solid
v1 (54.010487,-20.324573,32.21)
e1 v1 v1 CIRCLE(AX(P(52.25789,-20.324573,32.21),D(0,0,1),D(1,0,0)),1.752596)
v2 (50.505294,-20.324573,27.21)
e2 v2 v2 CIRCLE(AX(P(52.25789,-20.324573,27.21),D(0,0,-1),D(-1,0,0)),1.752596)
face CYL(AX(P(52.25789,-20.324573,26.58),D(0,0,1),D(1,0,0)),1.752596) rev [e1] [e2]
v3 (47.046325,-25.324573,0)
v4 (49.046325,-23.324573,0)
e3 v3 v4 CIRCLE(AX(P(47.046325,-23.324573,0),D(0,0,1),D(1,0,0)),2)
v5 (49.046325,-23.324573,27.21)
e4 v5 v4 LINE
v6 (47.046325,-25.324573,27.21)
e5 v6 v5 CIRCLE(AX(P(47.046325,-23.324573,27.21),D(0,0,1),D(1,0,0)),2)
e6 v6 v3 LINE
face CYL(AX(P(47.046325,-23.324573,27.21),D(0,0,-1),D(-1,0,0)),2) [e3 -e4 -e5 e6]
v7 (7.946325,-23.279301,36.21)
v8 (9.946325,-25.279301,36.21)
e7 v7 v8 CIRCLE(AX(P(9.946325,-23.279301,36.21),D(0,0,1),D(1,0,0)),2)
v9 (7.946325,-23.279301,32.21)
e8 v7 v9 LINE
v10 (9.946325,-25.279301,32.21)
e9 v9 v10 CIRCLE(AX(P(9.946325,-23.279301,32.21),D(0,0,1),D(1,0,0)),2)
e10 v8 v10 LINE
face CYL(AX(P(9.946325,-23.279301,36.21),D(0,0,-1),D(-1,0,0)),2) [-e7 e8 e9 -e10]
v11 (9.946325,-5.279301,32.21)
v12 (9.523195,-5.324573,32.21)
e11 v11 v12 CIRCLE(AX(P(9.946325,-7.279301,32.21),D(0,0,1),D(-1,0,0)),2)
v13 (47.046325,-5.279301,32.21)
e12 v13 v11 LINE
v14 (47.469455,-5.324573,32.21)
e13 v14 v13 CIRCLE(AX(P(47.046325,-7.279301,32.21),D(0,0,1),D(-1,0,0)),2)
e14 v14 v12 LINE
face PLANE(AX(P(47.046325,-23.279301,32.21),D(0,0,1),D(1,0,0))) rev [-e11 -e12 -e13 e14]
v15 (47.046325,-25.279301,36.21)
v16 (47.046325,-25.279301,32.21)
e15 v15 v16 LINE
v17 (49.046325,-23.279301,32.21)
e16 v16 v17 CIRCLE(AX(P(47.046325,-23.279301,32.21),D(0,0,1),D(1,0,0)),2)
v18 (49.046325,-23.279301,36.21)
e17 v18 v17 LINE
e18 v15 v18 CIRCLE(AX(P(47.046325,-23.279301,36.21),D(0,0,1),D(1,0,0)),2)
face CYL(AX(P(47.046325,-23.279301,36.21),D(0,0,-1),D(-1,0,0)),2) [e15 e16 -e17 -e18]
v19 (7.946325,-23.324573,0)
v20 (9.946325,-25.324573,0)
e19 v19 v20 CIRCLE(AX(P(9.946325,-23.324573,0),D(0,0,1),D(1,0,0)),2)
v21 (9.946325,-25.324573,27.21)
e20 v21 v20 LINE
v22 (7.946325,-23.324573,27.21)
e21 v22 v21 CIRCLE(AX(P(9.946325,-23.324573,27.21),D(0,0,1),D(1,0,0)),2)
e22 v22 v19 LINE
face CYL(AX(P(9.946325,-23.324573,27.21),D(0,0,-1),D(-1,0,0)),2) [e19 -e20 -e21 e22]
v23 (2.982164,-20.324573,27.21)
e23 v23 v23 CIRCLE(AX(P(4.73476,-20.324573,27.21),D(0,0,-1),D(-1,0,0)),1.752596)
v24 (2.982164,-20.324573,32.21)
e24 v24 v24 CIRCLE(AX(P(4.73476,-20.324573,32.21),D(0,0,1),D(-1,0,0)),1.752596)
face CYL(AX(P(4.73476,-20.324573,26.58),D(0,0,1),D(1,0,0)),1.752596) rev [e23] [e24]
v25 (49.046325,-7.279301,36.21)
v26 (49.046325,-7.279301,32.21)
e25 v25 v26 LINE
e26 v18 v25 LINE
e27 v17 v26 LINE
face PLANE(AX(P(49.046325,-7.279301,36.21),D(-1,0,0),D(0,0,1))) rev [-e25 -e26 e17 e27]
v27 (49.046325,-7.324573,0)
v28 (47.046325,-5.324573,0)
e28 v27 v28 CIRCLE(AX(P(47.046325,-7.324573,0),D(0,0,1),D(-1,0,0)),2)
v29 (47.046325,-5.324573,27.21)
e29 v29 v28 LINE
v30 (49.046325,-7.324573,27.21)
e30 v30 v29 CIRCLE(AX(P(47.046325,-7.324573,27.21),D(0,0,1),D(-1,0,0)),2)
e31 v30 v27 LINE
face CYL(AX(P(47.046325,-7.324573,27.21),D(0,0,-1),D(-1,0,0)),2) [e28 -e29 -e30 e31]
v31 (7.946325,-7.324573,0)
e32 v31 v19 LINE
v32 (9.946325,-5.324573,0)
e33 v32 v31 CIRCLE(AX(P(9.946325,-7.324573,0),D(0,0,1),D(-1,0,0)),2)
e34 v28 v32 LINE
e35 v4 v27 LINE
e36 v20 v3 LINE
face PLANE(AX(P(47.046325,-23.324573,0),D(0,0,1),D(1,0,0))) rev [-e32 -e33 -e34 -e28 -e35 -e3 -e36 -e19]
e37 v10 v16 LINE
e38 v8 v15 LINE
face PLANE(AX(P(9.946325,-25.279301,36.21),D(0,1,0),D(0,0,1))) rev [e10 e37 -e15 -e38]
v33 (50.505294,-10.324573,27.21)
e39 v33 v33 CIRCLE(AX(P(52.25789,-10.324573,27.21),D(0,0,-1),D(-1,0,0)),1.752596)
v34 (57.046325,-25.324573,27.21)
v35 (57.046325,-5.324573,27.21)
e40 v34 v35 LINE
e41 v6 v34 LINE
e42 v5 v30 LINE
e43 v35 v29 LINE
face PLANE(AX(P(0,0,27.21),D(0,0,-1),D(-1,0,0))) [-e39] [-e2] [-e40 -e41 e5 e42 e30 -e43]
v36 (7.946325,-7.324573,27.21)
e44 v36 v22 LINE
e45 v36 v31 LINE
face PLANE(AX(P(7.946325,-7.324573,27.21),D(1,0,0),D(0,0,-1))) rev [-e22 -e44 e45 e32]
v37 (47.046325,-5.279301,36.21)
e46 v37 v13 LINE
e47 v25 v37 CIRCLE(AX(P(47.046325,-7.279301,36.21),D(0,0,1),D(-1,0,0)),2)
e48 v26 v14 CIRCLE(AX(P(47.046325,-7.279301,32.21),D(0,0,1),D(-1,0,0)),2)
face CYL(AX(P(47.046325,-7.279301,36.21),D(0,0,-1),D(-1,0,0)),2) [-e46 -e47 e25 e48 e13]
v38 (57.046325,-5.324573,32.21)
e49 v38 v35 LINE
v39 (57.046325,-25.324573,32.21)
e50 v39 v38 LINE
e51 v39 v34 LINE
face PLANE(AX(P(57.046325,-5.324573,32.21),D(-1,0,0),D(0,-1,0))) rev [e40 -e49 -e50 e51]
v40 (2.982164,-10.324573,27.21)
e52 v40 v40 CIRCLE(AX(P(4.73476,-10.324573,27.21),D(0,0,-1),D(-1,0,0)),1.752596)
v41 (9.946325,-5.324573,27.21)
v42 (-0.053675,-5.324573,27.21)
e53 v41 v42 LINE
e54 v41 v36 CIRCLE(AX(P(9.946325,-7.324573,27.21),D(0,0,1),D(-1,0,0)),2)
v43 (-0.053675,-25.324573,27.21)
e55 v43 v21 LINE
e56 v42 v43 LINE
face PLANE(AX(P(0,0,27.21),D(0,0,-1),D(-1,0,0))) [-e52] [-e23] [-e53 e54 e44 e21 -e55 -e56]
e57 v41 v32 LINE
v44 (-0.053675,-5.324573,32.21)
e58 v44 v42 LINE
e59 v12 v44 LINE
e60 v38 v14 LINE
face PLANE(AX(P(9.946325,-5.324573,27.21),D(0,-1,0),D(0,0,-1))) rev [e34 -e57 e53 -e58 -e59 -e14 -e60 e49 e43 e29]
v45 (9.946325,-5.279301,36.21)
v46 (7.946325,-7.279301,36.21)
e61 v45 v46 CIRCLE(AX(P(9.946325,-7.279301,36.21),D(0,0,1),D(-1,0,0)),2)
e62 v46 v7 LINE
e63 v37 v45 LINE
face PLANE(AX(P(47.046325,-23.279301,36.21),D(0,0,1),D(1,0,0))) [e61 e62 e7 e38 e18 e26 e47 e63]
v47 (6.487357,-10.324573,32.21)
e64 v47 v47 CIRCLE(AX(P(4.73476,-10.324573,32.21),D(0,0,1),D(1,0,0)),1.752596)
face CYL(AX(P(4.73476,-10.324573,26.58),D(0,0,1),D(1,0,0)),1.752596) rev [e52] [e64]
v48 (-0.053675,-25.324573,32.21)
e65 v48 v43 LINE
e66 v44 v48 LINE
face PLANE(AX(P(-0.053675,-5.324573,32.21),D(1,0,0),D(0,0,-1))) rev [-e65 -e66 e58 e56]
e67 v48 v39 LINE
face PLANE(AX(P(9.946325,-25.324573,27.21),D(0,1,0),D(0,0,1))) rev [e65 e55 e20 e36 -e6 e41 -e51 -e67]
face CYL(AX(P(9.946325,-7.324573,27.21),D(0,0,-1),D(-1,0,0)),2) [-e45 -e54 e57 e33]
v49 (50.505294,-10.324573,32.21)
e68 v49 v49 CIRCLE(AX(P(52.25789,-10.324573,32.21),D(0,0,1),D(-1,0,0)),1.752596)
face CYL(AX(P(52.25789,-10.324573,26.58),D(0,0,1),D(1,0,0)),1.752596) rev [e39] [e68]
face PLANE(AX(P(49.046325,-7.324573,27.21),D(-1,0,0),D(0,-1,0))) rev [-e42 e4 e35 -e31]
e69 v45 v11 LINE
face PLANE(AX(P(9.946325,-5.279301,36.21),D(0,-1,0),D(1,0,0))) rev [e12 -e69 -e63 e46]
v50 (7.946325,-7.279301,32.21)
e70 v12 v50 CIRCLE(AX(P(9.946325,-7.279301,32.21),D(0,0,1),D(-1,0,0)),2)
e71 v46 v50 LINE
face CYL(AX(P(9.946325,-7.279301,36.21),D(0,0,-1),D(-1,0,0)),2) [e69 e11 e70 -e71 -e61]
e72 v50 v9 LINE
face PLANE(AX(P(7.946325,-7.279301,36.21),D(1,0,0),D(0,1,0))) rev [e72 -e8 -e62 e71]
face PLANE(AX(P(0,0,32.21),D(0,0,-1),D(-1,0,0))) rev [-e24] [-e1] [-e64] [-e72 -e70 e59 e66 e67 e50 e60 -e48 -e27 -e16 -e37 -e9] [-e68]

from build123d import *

# Parameters (mm, degrees)
BOSS_EXTRUDE1_DEPTH = 27.21
SKETCH2_W           = 57.1
SKETCH2_H           = 20
BOSS_EXTRUDE2_DEPTH = 5
BOSS_EXTRUDE3_DEPTH = 4
SKETCH4_R           = 1.752596491
CUT_EXTRUDE1_DEPTH  = 5.63


with BuildPart() as part:
    # Sketch1 → Boss-Extrude1 (new body)
    with BuildSketch(Plane.XY):
        with BuildLine():
            Line((9.946325167, -5.324573125), (47.046325167, -5.324573125))
            ThreePointArc((47.046325167, -5.324573125), (48.460538729, -5.910359563), (49.046325167, -7.324573125))
            Line((49.046325167, -7.324573125), (49.046325167, -23.324573125))
            ThreePointArc((49.046325167, -23.324573125), (48.460538729, -24.738786688), (47.046325167, -25.324573125))
            Line((47.046325167, -25.324573125), (9.946325167, -25.324573125))
            ThreePointArc((9.946325167, -25.324573125), (8.532111605, -24.738786688), (7.946325167, -23.324573125))
            Line((7.946325167, -23.324573125), (7.946325167, -7.324573125))
            ThreePointArc((7.946325167, -7.324573125), (8.532111605, -5.910359563), (9.946325167, -5.324573125))
        make_face()
    extrude(amount=BOSS_EXTRUDE1_DEPTH)

    # Sketch2 → Boss-Extrude2 (add)
    with BuildSketch(Plane.XY.offset(27.21)):
        with Locations((28.496325167, -15.324573125)):
            Rectangle(SKETCH2_W, SKETCH2_H)
    extrude(amount=BOSS_EXTRUDE2_DEPTH)

    # Sketch3 → Boss-Extrude3 (add)
    with BuildSketch(Plane.XY.offset(32.21)):
        with BuildLine():
            Line((9.946325167, -5.279301006), (47.046325167, -5.279301006))
            ThreePointArc((47.046325167, -5.279301006), (48.460538729, -5.865087443), (49.046325167, -7.279301006))
            Line((49.046325167, -7.279301006), (49.046325167, -23.279301006))
            ThreePointArc((49.046325167, -23.279301006), (48.460538729, -24.693514568), (47.046325167, -25.279301006))
            Line((47.046325167, -25.279301006), (9.946325167, -25.279301006))
            ThreePointArc((9.946325167, -25.279301006), (8.532111605, -24.693514568), (7.946325167, -23.279301006))
            Line((7.946325167, -23.279301006), (7.946325167, -7.279301006))
            ThreePointArc((7.946325167, -7.279301006), (8.532111605, -5.865087443), (9.946325167, -5.279301006))
        make_face()
    extrude(amount=BOSS_EXTRUDE3_DEPTH)

    # Sketch4 → Cut-Extrude1 (cut)
    with BuildSketch(Plane.XY.offset(32.21)):
        with Locations((4.734760216, -10.324573125)):
            Circle(SKETCH4_R)
        with Locations((4.734760216, -20.324573125)):
            Circle(SKETCH4_R)
        with Locations((52.257890118, -20.324573125)):
            Circle(SKETCH4_R)
        with Locations((52.257890118, -10.324573125)):
            Circle(SKETCH4_R)
    extrude(amount=-CUT_EXTRUDE1_DEPTH, mode=Mode.SUBTRACT)


solid = part.part
